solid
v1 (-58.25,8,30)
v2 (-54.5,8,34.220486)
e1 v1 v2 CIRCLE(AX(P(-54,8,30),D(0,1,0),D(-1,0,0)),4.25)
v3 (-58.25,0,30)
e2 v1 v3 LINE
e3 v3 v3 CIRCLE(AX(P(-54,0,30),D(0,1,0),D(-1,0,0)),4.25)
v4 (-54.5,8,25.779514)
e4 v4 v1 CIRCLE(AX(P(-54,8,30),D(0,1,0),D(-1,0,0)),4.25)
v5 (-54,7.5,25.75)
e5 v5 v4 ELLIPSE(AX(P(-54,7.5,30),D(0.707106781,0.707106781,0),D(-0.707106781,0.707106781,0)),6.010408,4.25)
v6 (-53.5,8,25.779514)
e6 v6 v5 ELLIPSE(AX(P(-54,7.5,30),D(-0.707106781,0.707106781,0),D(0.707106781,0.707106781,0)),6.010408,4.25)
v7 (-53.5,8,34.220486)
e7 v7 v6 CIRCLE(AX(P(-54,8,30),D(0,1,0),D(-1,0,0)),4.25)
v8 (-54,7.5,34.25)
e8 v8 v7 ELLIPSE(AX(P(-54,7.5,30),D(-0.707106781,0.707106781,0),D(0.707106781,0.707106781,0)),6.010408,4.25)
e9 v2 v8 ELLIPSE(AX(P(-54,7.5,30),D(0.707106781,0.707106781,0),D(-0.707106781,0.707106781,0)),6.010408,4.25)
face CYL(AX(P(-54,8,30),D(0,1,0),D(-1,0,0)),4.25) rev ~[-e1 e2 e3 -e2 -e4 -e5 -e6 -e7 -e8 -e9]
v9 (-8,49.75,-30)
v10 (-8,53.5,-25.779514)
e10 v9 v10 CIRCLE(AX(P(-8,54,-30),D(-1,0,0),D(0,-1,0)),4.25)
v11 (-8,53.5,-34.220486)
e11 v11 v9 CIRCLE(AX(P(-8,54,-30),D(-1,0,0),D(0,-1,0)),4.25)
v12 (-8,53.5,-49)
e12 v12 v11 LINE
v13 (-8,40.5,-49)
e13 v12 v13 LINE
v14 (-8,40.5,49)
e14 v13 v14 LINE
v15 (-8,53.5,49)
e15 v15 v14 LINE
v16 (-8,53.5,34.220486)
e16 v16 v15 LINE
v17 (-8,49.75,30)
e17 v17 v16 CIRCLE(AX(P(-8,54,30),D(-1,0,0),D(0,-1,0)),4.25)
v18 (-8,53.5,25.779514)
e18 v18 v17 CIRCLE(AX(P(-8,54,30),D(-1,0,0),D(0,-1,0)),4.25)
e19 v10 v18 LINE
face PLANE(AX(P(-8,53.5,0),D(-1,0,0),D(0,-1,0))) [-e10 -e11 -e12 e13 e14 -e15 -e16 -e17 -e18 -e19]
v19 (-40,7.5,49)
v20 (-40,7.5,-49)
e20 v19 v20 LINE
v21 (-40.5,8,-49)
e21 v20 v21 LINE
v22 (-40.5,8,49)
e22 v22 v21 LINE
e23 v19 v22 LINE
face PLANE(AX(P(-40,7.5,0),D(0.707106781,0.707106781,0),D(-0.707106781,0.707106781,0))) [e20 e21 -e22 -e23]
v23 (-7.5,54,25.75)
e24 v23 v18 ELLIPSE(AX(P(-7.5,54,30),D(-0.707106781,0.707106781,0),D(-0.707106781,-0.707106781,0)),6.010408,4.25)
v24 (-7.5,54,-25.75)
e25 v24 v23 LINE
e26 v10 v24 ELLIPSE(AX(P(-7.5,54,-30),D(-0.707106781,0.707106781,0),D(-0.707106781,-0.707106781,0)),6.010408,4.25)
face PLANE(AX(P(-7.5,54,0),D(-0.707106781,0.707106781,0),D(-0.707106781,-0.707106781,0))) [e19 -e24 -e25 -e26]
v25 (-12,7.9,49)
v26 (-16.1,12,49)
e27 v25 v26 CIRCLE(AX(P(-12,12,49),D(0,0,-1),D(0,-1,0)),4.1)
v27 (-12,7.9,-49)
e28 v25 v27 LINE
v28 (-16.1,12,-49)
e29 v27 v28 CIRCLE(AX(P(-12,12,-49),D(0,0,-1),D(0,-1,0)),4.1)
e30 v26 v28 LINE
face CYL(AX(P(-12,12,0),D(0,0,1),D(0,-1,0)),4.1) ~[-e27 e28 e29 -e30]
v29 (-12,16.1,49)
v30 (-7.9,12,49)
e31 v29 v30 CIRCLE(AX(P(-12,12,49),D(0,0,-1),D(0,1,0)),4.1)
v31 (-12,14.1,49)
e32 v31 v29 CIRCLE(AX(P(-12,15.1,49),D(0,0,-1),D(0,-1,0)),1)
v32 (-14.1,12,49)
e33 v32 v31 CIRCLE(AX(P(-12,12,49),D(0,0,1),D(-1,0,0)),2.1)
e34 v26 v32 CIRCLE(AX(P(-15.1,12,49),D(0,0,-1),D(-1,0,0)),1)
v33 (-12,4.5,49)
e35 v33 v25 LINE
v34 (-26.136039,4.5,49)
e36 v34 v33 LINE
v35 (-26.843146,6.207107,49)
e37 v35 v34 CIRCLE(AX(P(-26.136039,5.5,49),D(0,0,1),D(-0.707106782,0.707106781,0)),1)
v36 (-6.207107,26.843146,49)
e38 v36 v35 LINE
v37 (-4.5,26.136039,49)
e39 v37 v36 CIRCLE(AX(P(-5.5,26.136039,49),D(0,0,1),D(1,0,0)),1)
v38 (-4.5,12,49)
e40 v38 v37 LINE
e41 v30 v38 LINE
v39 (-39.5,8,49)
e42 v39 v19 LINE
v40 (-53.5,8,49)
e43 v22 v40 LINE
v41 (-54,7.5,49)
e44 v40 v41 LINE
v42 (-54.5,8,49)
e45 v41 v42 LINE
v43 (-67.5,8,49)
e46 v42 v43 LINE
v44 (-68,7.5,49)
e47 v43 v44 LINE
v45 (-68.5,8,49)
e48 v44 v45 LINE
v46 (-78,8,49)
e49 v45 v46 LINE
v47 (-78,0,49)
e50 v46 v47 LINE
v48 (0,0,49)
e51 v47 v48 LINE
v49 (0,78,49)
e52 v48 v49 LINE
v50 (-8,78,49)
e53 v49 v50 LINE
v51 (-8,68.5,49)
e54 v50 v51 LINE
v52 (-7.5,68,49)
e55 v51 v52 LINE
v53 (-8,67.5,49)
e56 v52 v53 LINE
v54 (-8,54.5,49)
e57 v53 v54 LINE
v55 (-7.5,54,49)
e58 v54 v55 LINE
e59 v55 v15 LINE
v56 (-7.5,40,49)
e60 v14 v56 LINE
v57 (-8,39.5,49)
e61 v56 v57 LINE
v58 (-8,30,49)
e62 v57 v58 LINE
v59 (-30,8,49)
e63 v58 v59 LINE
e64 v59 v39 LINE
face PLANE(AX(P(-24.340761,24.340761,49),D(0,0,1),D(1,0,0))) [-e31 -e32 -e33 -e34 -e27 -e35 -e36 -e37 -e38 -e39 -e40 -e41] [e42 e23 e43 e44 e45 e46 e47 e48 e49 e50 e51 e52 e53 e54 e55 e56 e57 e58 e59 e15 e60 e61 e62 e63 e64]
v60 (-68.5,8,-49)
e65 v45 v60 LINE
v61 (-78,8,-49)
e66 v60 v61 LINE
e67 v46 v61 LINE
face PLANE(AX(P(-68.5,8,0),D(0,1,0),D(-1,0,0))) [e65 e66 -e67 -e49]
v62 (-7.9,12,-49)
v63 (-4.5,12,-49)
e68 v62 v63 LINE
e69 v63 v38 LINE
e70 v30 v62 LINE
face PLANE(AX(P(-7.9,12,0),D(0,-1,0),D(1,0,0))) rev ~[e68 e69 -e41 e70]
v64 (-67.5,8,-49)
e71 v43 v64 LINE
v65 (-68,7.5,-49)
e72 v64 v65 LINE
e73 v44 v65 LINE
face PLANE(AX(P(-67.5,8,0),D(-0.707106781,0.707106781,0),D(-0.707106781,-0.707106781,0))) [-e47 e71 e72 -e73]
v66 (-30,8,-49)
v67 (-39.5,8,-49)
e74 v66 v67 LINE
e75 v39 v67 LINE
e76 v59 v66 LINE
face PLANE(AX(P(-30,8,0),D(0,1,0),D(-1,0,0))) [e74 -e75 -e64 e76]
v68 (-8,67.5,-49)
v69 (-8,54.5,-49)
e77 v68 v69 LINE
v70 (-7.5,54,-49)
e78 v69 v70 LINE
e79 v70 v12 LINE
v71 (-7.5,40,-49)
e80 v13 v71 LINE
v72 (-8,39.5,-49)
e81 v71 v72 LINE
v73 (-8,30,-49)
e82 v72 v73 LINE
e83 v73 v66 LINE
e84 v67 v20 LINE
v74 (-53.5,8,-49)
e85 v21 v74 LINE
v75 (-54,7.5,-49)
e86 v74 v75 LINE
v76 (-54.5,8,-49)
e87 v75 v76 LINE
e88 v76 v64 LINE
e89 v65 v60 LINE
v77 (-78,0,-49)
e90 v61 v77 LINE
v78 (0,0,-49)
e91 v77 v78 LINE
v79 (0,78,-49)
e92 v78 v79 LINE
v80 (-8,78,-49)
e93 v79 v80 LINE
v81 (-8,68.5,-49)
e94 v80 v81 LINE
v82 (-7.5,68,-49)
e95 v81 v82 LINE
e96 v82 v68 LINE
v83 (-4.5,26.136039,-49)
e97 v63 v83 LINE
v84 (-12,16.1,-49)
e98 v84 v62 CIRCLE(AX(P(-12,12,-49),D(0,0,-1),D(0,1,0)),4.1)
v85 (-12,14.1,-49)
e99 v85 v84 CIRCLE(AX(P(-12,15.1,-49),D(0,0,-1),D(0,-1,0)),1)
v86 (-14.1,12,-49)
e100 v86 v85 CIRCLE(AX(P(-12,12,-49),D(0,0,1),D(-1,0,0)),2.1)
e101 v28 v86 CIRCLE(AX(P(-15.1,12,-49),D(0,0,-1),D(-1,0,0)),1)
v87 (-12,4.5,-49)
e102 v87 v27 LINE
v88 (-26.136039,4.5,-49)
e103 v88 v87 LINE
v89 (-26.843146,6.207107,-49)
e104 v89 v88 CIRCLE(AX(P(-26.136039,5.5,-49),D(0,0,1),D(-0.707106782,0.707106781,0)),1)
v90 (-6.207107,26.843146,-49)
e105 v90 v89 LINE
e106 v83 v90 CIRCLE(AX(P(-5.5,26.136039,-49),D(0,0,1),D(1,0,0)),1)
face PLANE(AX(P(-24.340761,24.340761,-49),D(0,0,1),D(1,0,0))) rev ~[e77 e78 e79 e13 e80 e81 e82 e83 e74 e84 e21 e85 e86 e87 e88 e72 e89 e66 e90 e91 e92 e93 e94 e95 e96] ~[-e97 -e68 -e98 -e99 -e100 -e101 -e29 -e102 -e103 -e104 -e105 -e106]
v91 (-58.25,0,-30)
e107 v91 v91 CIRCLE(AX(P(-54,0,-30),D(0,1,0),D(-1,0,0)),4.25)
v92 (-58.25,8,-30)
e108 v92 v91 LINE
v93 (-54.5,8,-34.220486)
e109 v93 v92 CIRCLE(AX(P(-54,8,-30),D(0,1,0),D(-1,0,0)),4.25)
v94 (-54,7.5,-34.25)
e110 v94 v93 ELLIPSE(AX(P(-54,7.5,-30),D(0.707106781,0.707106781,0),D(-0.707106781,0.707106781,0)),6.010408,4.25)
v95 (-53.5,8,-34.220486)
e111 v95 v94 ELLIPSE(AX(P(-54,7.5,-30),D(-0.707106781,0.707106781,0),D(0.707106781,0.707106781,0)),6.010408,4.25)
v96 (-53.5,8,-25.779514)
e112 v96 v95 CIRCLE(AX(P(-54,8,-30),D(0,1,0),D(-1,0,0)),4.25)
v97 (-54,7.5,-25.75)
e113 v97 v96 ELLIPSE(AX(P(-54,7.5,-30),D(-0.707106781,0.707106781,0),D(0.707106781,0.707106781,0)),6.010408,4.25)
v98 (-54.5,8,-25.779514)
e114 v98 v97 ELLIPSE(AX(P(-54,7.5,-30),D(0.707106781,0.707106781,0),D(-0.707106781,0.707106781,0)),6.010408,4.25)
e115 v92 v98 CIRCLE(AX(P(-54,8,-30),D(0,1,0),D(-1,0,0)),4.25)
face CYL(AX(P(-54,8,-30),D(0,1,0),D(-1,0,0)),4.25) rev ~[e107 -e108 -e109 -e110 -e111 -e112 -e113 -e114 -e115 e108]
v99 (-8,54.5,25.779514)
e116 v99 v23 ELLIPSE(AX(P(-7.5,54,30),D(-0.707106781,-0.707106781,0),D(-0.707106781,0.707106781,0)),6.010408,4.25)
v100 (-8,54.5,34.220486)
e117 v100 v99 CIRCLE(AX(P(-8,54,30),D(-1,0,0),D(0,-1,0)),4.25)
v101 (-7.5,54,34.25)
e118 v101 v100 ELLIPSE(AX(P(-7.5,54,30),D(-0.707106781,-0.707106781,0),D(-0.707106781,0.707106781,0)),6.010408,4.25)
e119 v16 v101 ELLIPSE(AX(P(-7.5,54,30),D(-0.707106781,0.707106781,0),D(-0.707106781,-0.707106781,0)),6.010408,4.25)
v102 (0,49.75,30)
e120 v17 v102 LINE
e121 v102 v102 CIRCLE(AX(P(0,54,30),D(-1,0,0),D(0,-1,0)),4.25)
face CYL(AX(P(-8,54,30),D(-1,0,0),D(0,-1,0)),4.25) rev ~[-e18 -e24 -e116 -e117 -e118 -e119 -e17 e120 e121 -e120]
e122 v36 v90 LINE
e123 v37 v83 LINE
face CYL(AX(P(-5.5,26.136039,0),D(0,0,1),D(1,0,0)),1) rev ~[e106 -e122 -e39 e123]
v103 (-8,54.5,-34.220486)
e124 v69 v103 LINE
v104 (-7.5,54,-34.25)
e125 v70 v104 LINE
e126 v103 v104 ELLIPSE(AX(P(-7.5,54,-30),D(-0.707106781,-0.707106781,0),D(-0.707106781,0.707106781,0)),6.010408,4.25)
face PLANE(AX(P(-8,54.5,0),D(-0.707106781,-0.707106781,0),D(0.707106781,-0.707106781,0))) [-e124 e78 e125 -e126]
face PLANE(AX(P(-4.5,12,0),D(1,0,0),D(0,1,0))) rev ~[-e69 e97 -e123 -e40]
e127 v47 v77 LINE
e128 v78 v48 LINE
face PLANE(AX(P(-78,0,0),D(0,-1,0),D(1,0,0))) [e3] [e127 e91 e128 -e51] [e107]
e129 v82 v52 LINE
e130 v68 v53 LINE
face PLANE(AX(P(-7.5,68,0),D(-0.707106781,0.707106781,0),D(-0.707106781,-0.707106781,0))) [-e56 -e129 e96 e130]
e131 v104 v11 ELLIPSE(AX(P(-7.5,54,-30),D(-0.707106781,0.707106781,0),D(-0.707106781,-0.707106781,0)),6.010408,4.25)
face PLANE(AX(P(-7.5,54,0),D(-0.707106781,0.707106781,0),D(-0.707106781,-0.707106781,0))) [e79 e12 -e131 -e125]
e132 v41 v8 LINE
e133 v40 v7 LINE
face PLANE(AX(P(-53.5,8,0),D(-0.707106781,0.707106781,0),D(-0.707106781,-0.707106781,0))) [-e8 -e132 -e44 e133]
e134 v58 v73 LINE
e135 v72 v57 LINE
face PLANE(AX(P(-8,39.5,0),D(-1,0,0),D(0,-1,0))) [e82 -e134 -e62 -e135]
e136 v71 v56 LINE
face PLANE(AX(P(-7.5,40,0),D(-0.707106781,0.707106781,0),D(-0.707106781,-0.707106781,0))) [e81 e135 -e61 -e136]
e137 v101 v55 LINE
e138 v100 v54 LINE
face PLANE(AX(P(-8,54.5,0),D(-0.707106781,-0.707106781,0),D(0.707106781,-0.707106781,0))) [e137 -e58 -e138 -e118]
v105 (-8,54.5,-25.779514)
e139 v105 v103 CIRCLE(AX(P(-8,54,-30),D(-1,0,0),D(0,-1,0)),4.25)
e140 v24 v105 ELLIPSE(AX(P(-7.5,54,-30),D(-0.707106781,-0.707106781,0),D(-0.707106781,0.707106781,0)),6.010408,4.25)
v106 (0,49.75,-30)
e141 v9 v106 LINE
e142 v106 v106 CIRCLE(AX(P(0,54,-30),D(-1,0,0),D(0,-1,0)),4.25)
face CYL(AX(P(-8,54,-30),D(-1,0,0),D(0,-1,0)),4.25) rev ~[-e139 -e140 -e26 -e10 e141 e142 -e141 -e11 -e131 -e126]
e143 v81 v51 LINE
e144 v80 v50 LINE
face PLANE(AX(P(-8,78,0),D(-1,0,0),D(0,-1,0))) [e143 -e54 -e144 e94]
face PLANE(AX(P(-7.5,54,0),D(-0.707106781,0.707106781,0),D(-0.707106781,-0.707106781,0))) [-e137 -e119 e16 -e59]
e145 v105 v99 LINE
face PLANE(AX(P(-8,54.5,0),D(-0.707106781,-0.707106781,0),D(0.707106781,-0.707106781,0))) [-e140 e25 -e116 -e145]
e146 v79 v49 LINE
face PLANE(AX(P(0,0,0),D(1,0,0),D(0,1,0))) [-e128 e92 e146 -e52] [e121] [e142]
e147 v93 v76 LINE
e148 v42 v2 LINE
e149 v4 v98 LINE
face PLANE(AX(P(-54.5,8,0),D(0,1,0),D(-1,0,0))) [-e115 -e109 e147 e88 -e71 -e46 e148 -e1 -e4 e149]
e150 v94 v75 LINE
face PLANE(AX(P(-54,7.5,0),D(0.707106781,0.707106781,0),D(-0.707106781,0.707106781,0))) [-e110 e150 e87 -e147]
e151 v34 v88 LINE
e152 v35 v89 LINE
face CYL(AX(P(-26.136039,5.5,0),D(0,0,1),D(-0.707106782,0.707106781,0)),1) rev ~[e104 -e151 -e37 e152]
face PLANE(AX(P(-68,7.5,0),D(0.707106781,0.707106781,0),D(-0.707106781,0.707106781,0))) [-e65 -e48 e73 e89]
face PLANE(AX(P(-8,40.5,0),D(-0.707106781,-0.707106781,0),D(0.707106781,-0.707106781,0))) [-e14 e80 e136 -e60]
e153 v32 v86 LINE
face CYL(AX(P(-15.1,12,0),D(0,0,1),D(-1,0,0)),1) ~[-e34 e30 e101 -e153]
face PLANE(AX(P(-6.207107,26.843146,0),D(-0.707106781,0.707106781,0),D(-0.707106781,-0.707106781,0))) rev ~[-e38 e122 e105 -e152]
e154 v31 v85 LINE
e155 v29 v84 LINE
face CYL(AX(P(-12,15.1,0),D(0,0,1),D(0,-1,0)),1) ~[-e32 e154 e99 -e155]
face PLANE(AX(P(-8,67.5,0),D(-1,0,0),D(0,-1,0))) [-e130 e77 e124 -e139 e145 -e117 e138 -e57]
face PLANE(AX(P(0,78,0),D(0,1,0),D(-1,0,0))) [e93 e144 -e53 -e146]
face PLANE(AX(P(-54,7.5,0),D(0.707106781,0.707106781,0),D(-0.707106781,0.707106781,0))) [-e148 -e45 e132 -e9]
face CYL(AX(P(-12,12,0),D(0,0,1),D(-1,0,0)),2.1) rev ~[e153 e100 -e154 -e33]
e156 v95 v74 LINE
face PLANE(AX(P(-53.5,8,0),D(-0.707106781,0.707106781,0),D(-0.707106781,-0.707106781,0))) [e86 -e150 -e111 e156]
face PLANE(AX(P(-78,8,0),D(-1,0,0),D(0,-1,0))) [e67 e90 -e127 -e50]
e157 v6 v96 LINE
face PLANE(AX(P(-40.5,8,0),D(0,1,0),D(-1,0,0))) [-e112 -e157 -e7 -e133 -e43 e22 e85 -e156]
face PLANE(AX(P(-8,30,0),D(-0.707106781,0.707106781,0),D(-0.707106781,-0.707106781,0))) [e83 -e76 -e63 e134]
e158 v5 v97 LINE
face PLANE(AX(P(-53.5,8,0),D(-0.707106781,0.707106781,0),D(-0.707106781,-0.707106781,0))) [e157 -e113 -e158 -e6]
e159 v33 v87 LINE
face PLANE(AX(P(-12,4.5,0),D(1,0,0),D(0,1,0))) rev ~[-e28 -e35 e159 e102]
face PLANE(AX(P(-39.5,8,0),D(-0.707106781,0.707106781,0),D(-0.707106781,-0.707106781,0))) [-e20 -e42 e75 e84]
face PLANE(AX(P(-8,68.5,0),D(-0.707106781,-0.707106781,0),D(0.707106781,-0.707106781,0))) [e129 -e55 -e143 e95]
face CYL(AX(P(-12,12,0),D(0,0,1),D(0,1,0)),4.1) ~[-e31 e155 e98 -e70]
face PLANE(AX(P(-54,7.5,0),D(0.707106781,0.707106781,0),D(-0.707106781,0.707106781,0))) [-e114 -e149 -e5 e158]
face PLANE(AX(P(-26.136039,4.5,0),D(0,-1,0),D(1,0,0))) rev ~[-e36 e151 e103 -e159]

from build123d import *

# Parameters (mm, degrees)
EXTRUDE_1_DEPTH     = 49
SKETCH_2_R          = 4.25
CUT_EXTRUDE_1_DEPTH = 9
SKETCH_3_R          = 4.25
CUT_EXTRUDE_2_DEPTH = 9


with BuildPart() as part:
    # Эскиз1 → Бобышка-Вытянуть1 (new body, symmetric)
    with BuildSketch(Plane.XY):
        Polygon((-78, 0), (0, 0), (0, 78), (-8, 78), (-8, 68.5), (-7.5, 68), (-8, 67.5), (-8, 54.5), (-7.5, 54), (-8, 53.5), (-8, 40.5), (-7.5, 40), (-8, 39.5), (-8, 30), (-30, 8), (-39.5, 8), (-40, 7.5), (-40.5, 8), (-53.5, 8), (-54, 7.5), (-54.5, 8), (-67.5, 8), (-68, 7.5), (-68.5, 8), (-78, 8), align=None)
        with BuildLine():
            Line((-4.5, 12), (-4.5, 26.136038969))
            ThreePointArc((-4.5, 26.136038969), (-5.117316568, 27.059918502), (-6.207106781, 26.843145751))
            Line((-6.207106781, 26.843145751), (-26.843145751, 6.207106781))
            ThreePointArc((-26.843145751, 6.207106781), (-27.059918502, 5.117316568), (-26.136038969, 4.5))
            Line((-26.136038969, 4.5), (-12, 4.5))
            Line((-12, 4.5), (-12, 7.9))
            ThreePointArc((-12, 7.9), (-14.899137803, 9.100862197), (-16.1, 12))
            ThreePointArc((-16.1, 12), (-15.1, 13), (-14.1, 12))
            ThreePointArc((-14.1, 12), (-10.51507576, 10.51507576), (-12, 14.1))
            ThreePointArc((-12, 14.1), (-13, 15.1), (-12, 16.1))
            ThreePointArc((-12, 16.1), (-9.100862197, 14.899137803), (-7.9, 12))
            Line((-7.9, 12), (-4.5, 12))
        make_face(mode=Mode.SUBTRACT)
    extrude(amount=EXTRUDE_1_DEPTH, both=True)

    # Эскиз2 → Вырез-Вытянуть1 (cut, through all)
    with BuildSketch(Plane.ZY.offset(8)):
        with Locations(Location((-30, 54, 0), (0, 0, 270))):  # turned: the seam where the file's is
            Circle(SKETCH_2_R)
        with Locations(Location((30, 54, 0), (0, 0, 270))):  # turned: the seam where the file's is
            Circle(SKETCH_2_R)
    extrude(amount=-CUT_EXTRUDE_1_DEPTH, mode=Mode.SUBTRACT)

    # Эскиз3 → Вырез-Вытянуть2 (cut, through all)
    with BuildSketch(Plane(origin=(0, 8, 0), x_dir=(1, 0, 0), z_dir=(0, 1, 0))):
        with Locations(Location((-54, -30, 0), (0, 0, 180))):  # turned: the seam where the file's is
            Circle(SKETCH_3_R)
        with Locations(Location((-54, 30, 0), (0, 0, 180))):  # turned: the seam where the file's is
            Circle(SKETCH_3_R)
    extrude(amount=-CUT_EXTRUDE_2_DEPTH, mode=Mode.SUBTRACT)


solid = part.part
